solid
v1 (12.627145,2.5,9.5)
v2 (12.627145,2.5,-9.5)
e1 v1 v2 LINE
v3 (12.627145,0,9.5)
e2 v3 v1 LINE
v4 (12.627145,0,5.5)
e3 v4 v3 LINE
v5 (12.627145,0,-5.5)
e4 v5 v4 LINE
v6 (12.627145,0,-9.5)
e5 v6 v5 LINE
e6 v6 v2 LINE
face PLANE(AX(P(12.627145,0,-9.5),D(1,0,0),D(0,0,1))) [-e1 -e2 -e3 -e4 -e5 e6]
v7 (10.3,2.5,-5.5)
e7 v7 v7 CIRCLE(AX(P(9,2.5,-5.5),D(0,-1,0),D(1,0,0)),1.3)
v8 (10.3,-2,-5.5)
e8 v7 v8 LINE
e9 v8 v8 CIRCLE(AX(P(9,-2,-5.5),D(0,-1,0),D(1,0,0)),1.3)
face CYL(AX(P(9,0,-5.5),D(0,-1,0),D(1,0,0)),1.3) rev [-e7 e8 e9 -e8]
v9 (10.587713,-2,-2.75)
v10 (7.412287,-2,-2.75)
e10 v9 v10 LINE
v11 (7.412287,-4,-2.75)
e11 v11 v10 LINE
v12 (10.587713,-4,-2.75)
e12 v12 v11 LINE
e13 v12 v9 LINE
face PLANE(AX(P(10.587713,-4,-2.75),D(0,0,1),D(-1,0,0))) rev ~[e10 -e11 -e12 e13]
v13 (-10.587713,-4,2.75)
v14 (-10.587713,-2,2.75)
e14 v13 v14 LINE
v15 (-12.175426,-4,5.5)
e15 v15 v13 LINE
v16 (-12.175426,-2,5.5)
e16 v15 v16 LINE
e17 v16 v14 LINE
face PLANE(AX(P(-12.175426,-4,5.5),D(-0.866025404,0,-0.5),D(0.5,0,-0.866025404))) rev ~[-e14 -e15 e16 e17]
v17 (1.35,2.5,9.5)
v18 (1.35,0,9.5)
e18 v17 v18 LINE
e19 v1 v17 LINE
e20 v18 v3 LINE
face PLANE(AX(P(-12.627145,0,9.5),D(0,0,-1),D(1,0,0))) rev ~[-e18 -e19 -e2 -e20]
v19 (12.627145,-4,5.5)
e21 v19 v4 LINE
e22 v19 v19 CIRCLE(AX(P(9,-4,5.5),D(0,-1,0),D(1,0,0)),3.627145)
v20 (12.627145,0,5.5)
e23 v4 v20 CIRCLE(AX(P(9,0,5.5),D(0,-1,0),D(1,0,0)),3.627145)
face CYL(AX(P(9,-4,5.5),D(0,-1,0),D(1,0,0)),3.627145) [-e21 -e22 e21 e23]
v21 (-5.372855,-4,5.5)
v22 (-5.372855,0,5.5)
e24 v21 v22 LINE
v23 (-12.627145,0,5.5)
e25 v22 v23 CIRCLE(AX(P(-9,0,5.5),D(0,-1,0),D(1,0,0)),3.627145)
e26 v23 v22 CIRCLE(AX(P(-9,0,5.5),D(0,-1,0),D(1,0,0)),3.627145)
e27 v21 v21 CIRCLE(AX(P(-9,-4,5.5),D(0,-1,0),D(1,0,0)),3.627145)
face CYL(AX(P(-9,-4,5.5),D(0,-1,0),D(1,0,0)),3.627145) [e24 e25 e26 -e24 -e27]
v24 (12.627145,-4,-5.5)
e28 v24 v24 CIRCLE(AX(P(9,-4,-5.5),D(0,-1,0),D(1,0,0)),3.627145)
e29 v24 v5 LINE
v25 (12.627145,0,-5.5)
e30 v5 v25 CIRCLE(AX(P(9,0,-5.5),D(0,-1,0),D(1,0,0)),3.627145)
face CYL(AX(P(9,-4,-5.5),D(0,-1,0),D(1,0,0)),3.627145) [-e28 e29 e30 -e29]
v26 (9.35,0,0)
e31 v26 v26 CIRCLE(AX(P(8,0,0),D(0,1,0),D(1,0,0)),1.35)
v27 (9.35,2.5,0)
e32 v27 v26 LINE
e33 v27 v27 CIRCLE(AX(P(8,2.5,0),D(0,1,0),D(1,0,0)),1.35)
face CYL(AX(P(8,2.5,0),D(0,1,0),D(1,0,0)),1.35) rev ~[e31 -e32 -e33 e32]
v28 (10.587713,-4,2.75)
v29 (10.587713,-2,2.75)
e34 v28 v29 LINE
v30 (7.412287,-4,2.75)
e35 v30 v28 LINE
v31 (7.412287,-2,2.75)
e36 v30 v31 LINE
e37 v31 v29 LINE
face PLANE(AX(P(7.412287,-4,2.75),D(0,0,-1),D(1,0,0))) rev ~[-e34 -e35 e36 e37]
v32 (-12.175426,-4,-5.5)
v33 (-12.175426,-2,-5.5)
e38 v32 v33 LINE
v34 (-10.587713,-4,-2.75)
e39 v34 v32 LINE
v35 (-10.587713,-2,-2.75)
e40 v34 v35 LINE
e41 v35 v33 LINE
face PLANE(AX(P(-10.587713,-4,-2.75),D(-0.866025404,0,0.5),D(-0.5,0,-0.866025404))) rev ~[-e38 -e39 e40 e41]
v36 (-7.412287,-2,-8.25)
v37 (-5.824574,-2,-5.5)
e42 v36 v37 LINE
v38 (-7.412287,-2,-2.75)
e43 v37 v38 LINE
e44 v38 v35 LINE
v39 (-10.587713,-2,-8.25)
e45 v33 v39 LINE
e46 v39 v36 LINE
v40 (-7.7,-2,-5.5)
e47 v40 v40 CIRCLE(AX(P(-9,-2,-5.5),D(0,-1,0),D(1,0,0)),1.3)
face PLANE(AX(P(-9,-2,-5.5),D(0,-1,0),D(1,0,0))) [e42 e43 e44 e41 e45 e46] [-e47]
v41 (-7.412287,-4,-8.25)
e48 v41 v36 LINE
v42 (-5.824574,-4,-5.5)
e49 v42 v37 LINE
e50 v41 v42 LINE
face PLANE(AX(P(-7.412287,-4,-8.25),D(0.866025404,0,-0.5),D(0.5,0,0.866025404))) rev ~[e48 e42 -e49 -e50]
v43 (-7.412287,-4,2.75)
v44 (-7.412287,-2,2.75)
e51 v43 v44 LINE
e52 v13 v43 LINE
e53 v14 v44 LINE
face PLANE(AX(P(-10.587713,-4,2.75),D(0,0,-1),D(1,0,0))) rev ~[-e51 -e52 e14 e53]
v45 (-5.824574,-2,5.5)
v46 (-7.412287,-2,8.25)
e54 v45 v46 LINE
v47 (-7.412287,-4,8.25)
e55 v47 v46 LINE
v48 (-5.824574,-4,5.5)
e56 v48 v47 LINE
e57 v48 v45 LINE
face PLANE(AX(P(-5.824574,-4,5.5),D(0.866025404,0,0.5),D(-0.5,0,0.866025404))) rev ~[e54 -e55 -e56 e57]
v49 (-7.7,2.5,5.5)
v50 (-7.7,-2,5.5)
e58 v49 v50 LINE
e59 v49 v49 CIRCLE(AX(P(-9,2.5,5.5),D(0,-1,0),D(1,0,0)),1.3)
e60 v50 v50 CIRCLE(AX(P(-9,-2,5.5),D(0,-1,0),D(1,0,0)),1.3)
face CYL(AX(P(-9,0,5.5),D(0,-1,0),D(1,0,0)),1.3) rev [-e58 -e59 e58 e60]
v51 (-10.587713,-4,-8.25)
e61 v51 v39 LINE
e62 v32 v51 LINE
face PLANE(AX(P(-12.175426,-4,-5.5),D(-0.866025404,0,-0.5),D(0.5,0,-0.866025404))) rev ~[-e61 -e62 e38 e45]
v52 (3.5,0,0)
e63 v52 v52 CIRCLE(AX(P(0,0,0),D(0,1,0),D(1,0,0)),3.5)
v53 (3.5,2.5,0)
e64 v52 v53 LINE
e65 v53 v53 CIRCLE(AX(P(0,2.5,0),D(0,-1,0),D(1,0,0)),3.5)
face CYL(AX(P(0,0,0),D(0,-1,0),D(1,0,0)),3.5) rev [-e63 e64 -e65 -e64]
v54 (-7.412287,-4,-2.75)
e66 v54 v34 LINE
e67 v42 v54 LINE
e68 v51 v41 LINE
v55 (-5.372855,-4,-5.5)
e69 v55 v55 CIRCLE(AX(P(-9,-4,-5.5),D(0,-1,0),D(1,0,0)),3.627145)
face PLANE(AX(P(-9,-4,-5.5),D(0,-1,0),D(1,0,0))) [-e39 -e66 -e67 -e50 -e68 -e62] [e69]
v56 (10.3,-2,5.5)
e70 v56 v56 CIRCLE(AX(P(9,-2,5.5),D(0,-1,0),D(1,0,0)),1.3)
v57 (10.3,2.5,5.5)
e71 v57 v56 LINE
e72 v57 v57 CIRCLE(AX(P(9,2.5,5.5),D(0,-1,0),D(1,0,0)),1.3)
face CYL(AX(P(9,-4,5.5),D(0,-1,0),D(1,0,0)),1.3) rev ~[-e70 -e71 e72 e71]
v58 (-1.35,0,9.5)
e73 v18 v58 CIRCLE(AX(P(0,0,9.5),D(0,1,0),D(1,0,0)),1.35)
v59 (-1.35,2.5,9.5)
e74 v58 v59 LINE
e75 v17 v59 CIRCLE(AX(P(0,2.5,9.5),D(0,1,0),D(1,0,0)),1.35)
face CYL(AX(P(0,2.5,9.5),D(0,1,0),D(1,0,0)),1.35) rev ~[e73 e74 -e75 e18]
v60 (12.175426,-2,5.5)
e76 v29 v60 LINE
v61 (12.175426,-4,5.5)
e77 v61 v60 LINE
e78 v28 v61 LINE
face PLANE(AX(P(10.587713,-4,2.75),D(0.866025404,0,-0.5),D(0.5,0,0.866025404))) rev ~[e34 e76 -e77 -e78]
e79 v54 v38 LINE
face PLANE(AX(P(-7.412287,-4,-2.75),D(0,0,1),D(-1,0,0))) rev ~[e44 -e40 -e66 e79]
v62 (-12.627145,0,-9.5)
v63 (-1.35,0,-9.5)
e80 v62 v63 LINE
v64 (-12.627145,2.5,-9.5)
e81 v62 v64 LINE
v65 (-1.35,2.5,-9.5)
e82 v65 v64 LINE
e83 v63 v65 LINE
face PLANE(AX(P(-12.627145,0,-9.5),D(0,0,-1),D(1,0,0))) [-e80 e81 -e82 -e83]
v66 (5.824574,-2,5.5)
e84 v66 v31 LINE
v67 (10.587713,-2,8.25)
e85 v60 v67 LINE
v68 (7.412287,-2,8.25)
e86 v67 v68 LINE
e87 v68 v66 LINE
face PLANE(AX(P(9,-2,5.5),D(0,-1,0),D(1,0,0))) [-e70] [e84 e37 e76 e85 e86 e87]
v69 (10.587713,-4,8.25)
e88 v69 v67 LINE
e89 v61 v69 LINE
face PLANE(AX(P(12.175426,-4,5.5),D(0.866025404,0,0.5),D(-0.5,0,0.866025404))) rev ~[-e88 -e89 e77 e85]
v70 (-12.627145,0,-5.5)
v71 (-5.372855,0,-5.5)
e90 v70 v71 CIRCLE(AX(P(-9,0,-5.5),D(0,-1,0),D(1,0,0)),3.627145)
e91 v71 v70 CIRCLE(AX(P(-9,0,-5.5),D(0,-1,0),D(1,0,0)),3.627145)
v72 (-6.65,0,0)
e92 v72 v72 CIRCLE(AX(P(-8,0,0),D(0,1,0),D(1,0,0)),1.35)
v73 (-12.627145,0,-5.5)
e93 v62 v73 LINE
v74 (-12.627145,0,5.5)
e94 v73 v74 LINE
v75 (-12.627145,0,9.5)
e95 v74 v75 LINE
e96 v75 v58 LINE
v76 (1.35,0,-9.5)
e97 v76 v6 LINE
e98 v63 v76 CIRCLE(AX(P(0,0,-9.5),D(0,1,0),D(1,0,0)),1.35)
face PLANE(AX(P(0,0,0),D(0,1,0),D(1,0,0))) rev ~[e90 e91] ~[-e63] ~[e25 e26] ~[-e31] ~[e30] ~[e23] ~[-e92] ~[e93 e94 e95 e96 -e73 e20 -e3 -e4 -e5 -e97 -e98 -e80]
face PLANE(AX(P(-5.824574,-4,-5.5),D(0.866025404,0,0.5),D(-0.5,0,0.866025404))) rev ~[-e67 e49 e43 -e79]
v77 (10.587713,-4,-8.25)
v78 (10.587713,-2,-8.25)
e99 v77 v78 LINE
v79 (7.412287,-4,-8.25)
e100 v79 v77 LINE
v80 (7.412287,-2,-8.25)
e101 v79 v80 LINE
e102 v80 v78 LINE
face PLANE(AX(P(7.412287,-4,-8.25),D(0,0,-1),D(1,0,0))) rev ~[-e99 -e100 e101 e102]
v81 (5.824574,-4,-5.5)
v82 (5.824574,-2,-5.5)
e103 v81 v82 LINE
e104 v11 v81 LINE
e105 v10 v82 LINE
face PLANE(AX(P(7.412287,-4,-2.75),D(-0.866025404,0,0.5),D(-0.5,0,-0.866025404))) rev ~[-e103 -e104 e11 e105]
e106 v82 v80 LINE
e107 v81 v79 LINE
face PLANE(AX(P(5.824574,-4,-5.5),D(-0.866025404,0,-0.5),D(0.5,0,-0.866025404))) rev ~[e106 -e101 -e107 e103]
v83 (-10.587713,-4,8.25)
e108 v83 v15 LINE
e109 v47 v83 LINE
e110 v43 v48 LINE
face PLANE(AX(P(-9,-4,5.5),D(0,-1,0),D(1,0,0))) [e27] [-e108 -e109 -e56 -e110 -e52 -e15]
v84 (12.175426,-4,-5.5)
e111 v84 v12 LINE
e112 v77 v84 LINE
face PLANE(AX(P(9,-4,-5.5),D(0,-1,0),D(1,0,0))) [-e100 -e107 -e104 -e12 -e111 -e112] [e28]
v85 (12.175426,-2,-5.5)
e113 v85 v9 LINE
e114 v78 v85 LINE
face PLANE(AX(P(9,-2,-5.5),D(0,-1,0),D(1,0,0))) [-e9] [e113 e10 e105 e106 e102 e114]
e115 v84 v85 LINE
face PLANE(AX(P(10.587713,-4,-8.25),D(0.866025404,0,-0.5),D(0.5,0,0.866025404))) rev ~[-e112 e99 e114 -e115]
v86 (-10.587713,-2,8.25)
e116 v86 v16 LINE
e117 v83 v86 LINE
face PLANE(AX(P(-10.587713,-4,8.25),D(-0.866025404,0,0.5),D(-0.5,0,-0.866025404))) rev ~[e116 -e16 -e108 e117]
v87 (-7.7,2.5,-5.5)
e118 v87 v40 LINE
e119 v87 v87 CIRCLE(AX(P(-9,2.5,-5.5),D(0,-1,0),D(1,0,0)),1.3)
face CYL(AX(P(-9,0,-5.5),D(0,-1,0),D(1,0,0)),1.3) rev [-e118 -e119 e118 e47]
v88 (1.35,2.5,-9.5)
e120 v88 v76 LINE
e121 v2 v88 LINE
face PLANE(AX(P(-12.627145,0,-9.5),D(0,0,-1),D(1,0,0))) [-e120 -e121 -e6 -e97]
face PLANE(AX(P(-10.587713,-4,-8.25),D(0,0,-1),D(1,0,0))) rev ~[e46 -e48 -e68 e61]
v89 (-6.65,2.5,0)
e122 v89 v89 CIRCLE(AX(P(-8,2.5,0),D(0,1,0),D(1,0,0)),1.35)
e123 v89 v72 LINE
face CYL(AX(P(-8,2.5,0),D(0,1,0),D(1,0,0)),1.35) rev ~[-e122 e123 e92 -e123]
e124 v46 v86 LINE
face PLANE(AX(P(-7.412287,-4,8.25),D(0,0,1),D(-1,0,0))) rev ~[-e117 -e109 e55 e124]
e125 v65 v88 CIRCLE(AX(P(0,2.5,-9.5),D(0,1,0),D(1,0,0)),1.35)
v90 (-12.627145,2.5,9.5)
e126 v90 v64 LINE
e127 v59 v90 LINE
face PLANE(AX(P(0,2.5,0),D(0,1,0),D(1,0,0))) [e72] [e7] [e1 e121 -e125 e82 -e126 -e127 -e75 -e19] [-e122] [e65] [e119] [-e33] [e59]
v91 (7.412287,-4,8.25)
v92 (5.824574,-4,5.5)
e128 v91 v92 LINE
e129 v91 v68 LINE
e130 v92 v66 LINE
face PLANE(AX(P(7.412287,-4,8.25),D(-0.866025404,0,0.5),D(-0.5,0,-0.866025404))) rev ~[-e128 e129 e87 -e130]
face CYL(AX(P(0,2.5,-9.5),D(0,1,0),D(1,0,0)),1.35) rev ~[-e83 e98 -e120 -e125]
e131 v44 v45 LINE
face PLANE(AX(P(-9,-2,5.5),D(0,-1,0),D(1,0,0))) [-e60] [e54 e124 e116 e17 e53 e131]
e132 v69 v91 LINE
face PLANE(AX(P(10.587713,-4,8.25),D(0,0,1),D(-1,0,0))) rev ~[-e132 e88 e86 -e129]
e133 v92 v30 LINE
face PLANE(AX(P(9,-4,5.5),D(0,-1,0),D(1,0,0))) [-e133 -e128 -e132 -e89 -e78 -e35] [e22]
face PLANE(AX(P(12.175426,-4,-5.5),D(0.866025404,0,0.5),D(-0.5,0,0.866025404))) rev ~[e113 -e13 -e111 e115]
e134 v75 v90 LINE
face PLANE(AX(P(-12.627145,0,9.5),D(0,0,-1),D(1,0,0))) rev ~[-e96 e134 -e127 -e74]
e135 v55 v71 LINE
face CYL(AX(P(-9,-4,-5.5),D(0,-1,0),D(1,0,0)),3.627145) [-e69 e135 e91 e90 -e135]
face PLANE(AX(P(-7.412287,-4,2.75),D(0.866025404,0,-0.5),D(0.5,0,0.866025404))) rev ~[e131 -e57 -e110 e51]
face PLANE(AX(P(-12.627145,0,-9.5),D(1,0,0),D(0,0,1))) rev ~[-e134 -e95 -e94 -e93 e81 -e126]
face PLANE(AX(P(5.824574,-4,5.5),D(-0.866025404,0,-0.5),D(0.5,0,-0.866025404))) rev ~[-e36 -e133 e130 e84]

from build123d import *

# Parameters (mm, degrees)
SKETCH1_W             = 29.006558678
SKETCH1_H             = 29.831389996
BOARDMOUNTHOLES_DEPTH = 2.5
SKETCH1_3_R           = 1.3
BOARDMOUNTS_DEPTH     = 21.954070461
BOARDSTANDOFFS_START  = 4
SKETCH3_R             = 3.627144727
SKETCH3_R_2           = 1.3
BOARDSTANDOFFS_DEPTH  = 4
NUTCUTOUT_DEPTH       = 2
SKETCH1_4_R           = 3.5
MAGNETHOLE_DEPTH      = 22.185444741
SKETCH2_R             = 1.35
MOTORMOUNTHOLES_DEPTH = 22.796170968
SKETCH5_OUTSIDE_W     = 39.428
SKETCH5_OUTSIDE_H     = 40.254
SKETCH5_OUTSIDE_W_2   = 25.254289454
SKETCH5_OUTSIDE_H_2   = 19
CUT_EXTRUDE4_DEPTH    = 22.185444741


with BuildPart() as part:
    # Sketch1 → BoardMountHoles (new body)
    with BuildSketch(Plane(origin=(0, 0, 0), x_dir=(1, 0, 0), z_dir=(0, 1, 0))):
        Rectangle(SKETCH1_W, SKETCH1_H)
    extrude(amount=BOARDMOUNTHOLES_DEPTH)

    # Sketch1<3> → BoardMounts (cut, through all)
    with BuildSketch(Plane(origin=(0, 0, 0), x_dir=(1, 0, 0), z_dir=(0, 1, 0))):
        with Locations((9, 5.5)):
            Circle(SKETCH1_3_R)
        with Locations((9, -5.5)):
            Circle(SKETCH1_3_R)
        with Locations((-9, -5.5)):
            Circle(SKETCH1_3_R)
        with Locations((-9, 5.5)):
            Circle(SKETCH1_3_R)
    extrude(amount=BOARDMOUNTS_DEPTH, mode=Mode.SUBTRACT)

    # Sketch3 → BoardStandoffs (add)
    # profile 1 of 4: a face of its own
    with BuildSketch(Plane.XZ.offset(BOARDSTANDOFFS_START)):
        with Locations((9, 5.5)):
            Circle(SKETCH3_R)
        with Locations((9, 5.5)):
            Circle(SKETCH3_R_2, mode=Mode.SUBTRACT)
    # profile 2 of 4: a face of its own
    with BuildSketch(Plane.XZ.offset(BOARDSTANDOFFS_START)):
        with Locations((9, -5.5)):
            Circle(SKETCH3_R)
        with Locations((9, -5.5)):
            Circle(SKETCH3_R_2, mode=Mode.SUBTRACT)
    # profile 3 of 4: a face of its own
    with BuildSketch(Plane.XZ.offset(BOARDSTANDOFFS_START)):
        with Locations((-9, -5.5)):
            Circle(SKETCH3_R)
        with Locations((-9, -5.5)):
            Circle(SKETCH3_R_2, mode=Mode.SUBTRACT)
    # profile 4 of 4: a face of its own
    with BuildSketch(Plane.XZ.offset(BOARDSTANDOFFS_START)):
        with Locations((-9, 5.5)):
            Circle(SKETCH3_R)
        with Locations((-9, 5.5)):
            Circle(SKETCH3_R_2, mode=Mode.SUBTRACT)
    extrude(amount=-BOARDSTANDOFFS_DEPTH)

    # Sketch4 → NutCutout (cut)
    with BuildSketch(Plane.XZ.offset(4)):
        Polygon((12.175426481, -5.5), (10.58771324, -2.75), (7.41228676, -2.75), (5.824573519, -5.5), (7.41228676, -8.25), (10.58771324, -8.25), align=None)
        Polygon((-5.824573519, -5.5), (-7.41228676, -2.75), (-10.58771324, -2.75), (-12.175426481, -5.5), (-10.58771324, -8.25), (-7.41228676, -8.25), align=None)
        Polygon((-5.824573519, 5.5), (-7.41228676, 8.25), (-10.58771324, 8.25), (-12.175426481, 5.5), (-10.58771324, 2.75), (-7.41228676, 2.75), align=None)
        Polygon((12.175426481, 5.5), (10.58771324, 8.25), (7.41228676, 8.25), (5.824573519, 5.5), (7.41228676, 2.75), (10.58771324, 2.75), align=None)
    extrude(amount=-NUTCUTOUT_DEPTH, mode=Mode.SUBTRACT)

    # Sketch1<4> → MagnetHole (cut, through all)
    with BuildSketch(Plane(origin=(0, 0, 0), x_dir=(1, 0, 0), z_dir=(0, 1, 0))):
        Circle(SKETCH1_4_R)
    extrude(amount=MAGNETHOLE_DEPTH, mode=Mode.SUBTRACT)

    # Sketch2 → MotorMountHoles (cut, through all)
    with BuildSketch(Plane(origin=(0, 2.5, 0), x_dir=(1, 0, 0), z_dir=(0, 1, 0))):
        with Locations((8, 0)):
            Circle(SKETCH2_R)
        with Locations((0, 9.5)):
            Circle(SKETCH2_R)
        with Locations((-8, 0)):
            Circle(SKETCH2_R)
        with Locations((0, -9.5)):
            Circle(SKETCH2_R)
    extrude(amount=-MOTORMOUNTHOLES_DEPTH, mode=Mode.SUBTRACT)

    # Sketch5 outside → Cut-Extrude4 (cut, through all)
    with BuildSketch(Plane.XZ):
        Rectangle(SKETCH5_OUTSIDE_W, SKETCH5_OUTSIDE_H)
        Rectangle(SKETCH5_OUTSIDE_W_2, SKETCH5_OUTSIDE_H_2, mode=Mode.SUBTRACT)
    extrude(amount=-CUT_EXTRUDE4_DEPTH, mode=Mode.SUBTRACT)


solid = part.part
